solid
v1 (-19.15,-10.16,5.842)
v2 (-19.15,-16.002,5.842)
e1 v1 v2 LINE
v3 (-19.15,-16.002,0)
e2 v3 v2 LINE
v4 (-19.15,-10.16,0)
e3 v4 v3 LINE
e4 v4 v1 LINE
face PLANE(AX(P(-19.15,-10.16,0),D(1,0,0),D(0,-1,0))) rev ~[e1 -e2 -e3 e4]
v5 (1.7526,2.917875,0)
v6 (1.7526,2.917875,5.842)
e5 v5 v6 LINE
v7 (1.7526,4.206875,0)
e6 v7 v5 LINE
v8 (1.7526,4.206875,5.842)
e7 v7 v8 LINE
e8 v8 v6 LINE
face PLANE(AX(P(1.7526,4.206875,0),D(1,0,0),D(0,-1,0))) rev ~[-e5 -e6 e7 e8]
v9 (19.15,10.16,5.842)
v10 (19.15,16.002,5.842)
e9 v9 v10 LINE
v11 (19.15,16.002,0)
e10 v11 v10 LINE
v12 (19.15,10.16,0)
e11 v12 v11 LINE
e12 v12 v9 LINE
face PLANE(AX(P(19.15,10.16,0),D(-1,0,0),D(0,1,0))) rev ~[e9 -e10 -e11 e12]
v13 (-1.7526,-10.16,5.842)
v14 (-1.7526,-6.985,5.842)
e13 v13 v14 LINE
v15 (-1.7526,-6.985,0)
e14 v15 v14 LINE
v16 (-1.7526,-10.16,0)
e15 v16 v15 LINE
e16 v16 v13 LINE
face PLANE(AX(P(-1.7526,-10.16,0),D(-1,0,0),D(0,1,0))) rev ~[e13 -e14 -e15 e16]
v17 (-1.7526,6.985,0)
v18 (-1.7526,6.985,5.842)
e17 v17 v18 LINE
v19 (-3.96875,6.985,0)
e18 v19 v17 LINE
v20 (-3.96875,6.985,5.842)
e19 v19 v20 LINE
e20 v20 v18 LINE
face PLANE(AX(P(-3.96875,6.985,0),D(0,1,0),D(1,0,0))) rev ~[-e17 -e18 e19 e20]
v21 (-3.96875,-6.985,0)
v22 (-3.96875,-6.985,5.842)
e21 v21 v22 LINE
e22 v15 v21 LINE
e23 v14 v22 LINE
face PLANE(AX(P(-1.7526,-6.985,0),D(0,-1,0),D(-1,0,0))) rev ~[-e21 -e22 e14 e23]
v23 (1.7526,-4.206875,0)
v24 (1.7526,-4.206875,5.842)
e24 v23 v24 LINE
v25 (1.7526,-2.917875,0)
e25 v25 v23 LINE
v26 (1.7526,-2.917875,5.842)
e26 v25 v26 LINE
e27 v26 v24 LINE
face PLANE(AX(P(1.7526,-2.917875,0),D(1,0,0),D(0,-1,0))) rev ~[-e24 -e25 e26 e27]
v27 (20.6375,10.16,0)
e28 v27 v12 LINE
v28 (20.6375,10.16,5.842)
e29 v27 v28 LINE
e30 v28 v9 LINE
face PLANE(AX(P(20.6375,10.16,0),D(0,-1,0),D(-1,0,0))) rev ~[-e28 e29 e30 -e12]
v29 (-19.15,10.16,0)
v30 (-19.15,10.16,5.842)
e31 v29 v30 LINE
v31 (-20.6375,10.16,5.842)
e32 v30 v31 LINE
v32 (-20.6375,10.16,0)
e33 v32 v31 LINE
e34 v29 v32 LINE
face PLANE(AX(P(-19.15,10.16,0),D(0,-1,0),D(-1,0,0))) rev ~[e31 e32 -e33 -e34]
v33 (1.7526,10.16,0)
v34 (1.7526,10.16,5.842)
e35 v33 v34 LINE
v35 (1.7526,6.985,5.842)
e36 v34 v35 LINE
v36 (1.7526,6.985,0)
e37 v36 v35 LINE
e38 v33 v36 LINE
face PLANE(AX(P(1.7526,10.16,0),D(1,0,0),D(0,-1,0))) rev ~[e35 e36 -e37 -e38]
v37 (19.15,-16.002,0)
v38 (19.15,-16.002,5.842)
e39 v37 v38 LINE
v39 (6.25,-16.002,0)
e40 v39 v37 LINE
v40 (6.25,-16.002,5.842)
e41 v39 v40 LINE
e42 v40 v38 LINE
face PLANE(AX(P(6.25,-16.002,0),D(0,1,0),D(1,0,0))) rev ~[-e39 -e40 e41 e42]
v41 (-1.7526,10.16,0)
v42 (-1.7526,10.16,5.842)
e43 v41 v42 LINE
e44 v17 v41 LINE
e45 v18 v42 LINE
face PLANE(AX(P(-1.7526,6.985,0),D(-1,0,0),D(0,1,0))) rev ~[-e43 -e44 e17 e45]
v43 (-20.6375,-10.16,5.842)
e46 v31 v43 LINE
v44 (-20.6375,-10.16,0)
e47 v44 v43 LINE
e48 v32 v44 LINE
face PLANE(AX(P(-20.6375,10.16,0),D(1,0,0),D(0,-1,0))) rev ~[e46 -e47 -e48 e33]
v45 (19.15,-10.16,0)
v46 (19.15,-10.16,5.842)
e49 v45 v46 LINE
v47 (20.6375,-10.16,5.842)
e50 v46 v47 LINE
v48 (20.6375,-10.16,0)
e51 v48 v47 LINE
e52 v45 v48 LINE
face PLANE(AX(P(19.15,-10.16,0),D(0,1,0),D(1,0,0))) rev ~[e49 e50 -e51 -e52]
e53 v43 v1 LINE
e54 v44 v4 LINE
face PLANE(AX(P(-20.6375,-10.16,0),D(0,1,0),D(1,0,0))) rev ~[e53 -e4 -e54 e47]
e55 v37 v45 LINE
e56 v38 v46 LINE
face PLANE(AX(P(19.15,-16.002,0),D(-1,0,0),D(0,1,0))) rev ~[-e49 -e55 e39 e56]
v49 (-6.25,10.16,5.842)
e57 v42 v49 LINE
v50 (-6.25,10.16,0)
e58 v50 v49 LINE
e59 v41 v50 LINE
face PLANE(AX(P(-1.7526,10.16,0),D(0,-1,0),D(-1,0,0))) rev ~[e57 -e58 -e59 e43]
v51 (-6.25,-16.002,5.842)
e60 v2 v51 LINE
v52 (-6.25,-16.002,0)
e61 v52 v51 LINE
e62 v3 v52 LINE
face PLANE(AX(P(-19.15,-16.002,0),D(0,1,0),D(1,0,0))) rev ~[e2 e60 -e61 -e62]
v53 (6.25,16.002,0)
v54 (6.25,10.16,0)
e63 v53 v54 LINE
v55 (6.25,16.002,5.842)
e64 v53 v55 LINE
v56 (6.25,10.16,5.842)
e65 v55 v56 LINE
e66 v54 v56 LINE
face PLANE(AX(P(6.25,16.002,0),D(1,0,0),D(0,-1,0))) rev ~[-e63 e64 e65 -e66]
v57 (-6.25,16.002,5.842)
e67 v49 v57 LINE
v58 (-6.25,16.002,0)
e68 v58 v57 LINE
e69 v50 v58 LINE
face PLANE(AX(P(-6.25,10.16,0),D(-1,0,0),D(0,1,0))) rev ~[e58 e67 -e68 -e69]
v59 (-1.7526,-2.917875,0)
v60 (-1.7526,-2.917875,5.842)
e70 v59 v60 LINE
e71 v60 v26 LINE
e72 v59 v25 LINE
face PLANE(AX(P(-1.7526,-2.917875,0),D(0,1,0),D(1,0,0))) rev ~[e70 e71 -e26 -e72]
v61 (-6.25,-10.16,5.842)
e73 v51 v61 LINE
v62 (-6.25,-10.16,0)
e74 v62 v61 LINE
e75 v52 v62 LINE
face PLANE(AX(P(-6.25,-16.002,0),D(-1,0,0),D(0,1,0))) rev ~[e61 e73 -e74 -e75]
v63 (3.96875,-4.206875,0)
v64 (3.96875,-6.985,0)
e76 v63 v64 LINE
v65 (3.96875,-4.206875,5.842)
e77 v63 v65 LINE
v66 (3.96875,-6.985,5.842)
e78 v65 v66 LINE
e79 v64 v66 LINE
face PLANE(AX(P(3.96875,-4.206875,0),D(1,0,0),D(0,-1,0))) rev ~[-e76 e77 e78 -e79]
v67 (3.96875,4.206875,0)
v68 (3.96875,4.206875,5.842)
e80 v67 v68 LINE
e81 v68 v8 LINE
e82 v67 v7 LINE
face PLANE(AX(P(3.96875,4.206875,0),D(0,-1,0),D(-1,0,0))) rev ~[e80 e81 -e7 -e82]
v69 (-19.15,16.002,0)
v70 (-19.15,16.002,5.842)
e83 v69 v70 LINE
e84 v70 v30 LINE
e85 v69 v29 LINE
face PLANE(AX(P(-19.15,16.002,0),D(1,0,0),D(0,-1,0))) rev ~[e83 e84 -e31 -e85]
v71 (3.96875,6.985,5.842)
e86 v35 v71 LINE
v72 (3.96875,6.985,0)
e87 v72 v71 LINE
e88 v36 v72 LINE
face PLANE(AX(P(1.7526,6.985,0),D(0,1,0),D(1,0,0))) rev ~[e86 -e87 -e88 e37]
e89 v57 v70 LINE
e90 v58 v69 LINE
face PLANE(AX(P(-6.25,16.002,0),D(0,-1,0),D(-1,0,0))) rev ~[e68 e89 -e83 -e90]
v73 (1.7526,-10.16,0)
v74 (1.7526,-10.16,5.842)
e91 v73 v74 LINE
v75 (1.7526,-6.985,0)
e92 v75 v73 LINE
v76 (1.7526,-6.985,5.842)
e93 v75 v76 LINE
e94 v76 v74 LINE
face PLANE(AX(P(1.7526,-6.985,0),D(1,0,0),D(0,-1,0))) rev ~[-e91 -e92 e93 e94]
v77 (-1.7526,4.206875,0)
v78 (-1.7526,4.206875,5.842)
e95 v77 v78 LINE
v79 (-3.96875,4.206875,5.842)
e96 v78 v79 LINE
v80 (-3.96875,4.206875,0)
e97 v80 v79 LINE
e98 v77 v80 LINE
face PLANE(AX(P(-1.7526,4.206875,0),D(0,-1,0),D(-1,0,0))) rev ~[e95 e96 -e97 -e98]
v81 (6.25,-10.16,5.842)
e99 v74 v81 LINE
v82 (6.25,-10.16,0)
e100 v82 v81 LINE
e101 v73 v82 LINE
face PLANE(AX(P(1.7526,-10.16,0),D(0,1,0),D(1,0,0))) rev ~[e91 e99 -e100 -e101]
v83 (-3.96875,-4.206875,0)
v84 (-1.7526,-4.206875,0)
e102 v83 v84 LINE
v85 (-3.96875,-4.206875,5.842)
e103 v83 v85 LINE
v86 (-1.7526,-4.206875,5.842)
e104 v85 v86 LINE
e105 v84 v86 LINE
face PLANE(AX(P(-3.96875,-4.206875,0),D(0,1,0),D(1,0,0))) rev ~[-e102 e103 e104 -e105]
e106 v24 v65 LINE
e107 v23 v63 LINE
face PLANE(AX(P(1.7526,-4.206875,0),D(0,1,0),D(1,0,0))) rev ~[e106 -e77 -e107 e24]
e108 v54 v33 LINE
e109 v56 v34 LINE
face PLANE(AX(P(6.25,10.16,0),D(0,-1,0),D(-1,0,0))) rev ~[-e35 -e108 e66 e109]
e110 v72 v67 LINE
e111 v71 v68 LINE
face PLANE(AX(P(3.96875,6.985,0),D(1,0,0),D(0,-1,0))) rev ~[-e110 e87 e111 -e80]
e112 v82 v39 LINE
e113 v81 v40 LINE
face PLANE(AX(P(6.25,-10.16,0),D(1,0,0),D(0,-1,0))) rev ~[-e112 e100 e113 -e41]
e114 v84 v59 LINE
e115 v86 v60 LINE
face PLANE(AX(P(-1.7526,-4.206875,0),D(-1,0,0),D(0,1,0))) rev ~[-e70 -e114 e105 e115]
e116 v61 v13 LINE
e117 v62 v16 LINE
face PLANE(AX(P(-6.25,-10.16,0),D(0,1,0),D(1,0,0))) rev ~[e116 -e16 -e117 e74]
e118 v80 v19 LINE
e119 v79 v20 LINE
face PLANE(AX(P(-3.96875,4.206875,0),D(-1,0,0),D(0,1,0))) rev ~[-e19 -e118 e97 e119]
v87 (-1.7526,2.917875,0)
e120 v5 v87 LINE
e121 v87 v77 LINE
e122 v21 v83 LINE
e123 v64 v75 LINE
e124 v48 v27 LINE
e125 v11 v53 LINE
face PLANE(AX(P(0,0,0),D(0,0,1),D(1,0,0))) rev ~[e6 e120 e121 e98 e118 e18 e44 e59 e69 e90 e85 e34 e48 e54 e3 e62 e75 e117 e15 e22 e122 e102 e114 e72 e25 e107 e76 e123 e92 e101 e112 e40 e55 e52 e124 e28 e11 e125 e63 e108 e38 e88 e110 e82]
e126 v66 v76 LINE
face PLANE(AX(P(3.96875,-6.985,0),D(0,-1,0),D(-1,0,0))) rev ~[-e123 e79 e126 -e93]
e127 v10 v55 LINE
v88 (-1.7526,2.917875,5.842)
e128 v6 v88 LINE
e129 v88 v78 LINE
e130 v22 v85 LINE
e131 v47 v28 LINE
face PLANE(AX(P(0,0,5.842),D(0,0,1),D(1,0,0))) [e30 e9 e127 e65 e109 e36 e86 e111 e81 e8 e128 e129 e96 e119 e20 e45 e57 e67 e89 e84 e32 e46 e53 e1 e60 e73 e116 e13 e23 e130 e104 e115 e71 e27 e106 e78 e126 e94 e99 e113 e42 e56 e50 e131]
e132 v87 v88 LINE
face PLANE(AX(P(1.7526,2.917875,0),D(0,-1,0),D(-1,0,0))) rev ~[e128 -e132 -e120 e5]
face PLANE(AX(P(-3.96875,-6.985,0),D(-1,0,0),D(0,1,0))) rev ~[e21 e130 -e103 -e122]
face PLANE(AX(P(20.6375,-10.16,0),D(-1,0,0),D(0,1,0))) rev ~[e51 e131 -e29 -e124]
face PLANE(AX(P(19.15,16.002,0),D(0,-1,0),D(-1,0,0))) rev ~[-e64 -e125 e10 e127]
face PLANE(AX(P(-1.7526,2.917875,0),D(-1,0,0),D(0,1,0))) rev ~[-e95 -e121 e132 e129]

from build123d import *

# Parameters (mm, degrees)
BOSS_EXTRUDE1_DEPTH = 5.842


with BuildPart() as part:
    # Sketch1 → Boss-Extrude1 (new body)
    with BuildSketch(Plane.XY):
        Polygon((-19.15, 10.16), (-20.6375, 10.16), (-20.6375, -10.16), (-19.15, -10.16), (-19.15, -16.002), (-6.25, -16.002), (-6.25, -10.16), (-1.7526, -10.16), (-1.7526, -6.985), (-3.96875, -6.985), (-3.96875, -4.206875), (-1.7526, -4.206875), (-1.7526, -2.917875), (1.7526, -2.917875), (1.7526, -4.206875), (3.96875, -4.206875), (3.96875, -6.985), (1.7526, -6.985), (1.7526, -10.16), (6.25, -10.16), (6.25, -16.002), (19.15, -16.002), (19.15, -10.16), (20.6375, -10.16), (20.6375, 10.16), (19.15, 10.16), (19.15, 16.002), (6.25, 16.002), (6.25, 10.16), (1.7526, 10.16), (1.7526, 6.985), (3.96875, 6.985), (3.96875, 4.206875), (1.7526, 4.206875), (1.7526, 2.917875), (-1.7526, 2.917875), (-1.7526, 4.206875), (-3.96875, 4.206875), (-3.96875, 6.985), (-1.7526, 6.985), (-1.7526, 10.16), (-6.25, 10.16), (-6.25, 16.002), (-19.15, 16.002), align=None)
    extrude(amount=BOSS_EXTRUDE1_DEPTH)


solid = part.part
